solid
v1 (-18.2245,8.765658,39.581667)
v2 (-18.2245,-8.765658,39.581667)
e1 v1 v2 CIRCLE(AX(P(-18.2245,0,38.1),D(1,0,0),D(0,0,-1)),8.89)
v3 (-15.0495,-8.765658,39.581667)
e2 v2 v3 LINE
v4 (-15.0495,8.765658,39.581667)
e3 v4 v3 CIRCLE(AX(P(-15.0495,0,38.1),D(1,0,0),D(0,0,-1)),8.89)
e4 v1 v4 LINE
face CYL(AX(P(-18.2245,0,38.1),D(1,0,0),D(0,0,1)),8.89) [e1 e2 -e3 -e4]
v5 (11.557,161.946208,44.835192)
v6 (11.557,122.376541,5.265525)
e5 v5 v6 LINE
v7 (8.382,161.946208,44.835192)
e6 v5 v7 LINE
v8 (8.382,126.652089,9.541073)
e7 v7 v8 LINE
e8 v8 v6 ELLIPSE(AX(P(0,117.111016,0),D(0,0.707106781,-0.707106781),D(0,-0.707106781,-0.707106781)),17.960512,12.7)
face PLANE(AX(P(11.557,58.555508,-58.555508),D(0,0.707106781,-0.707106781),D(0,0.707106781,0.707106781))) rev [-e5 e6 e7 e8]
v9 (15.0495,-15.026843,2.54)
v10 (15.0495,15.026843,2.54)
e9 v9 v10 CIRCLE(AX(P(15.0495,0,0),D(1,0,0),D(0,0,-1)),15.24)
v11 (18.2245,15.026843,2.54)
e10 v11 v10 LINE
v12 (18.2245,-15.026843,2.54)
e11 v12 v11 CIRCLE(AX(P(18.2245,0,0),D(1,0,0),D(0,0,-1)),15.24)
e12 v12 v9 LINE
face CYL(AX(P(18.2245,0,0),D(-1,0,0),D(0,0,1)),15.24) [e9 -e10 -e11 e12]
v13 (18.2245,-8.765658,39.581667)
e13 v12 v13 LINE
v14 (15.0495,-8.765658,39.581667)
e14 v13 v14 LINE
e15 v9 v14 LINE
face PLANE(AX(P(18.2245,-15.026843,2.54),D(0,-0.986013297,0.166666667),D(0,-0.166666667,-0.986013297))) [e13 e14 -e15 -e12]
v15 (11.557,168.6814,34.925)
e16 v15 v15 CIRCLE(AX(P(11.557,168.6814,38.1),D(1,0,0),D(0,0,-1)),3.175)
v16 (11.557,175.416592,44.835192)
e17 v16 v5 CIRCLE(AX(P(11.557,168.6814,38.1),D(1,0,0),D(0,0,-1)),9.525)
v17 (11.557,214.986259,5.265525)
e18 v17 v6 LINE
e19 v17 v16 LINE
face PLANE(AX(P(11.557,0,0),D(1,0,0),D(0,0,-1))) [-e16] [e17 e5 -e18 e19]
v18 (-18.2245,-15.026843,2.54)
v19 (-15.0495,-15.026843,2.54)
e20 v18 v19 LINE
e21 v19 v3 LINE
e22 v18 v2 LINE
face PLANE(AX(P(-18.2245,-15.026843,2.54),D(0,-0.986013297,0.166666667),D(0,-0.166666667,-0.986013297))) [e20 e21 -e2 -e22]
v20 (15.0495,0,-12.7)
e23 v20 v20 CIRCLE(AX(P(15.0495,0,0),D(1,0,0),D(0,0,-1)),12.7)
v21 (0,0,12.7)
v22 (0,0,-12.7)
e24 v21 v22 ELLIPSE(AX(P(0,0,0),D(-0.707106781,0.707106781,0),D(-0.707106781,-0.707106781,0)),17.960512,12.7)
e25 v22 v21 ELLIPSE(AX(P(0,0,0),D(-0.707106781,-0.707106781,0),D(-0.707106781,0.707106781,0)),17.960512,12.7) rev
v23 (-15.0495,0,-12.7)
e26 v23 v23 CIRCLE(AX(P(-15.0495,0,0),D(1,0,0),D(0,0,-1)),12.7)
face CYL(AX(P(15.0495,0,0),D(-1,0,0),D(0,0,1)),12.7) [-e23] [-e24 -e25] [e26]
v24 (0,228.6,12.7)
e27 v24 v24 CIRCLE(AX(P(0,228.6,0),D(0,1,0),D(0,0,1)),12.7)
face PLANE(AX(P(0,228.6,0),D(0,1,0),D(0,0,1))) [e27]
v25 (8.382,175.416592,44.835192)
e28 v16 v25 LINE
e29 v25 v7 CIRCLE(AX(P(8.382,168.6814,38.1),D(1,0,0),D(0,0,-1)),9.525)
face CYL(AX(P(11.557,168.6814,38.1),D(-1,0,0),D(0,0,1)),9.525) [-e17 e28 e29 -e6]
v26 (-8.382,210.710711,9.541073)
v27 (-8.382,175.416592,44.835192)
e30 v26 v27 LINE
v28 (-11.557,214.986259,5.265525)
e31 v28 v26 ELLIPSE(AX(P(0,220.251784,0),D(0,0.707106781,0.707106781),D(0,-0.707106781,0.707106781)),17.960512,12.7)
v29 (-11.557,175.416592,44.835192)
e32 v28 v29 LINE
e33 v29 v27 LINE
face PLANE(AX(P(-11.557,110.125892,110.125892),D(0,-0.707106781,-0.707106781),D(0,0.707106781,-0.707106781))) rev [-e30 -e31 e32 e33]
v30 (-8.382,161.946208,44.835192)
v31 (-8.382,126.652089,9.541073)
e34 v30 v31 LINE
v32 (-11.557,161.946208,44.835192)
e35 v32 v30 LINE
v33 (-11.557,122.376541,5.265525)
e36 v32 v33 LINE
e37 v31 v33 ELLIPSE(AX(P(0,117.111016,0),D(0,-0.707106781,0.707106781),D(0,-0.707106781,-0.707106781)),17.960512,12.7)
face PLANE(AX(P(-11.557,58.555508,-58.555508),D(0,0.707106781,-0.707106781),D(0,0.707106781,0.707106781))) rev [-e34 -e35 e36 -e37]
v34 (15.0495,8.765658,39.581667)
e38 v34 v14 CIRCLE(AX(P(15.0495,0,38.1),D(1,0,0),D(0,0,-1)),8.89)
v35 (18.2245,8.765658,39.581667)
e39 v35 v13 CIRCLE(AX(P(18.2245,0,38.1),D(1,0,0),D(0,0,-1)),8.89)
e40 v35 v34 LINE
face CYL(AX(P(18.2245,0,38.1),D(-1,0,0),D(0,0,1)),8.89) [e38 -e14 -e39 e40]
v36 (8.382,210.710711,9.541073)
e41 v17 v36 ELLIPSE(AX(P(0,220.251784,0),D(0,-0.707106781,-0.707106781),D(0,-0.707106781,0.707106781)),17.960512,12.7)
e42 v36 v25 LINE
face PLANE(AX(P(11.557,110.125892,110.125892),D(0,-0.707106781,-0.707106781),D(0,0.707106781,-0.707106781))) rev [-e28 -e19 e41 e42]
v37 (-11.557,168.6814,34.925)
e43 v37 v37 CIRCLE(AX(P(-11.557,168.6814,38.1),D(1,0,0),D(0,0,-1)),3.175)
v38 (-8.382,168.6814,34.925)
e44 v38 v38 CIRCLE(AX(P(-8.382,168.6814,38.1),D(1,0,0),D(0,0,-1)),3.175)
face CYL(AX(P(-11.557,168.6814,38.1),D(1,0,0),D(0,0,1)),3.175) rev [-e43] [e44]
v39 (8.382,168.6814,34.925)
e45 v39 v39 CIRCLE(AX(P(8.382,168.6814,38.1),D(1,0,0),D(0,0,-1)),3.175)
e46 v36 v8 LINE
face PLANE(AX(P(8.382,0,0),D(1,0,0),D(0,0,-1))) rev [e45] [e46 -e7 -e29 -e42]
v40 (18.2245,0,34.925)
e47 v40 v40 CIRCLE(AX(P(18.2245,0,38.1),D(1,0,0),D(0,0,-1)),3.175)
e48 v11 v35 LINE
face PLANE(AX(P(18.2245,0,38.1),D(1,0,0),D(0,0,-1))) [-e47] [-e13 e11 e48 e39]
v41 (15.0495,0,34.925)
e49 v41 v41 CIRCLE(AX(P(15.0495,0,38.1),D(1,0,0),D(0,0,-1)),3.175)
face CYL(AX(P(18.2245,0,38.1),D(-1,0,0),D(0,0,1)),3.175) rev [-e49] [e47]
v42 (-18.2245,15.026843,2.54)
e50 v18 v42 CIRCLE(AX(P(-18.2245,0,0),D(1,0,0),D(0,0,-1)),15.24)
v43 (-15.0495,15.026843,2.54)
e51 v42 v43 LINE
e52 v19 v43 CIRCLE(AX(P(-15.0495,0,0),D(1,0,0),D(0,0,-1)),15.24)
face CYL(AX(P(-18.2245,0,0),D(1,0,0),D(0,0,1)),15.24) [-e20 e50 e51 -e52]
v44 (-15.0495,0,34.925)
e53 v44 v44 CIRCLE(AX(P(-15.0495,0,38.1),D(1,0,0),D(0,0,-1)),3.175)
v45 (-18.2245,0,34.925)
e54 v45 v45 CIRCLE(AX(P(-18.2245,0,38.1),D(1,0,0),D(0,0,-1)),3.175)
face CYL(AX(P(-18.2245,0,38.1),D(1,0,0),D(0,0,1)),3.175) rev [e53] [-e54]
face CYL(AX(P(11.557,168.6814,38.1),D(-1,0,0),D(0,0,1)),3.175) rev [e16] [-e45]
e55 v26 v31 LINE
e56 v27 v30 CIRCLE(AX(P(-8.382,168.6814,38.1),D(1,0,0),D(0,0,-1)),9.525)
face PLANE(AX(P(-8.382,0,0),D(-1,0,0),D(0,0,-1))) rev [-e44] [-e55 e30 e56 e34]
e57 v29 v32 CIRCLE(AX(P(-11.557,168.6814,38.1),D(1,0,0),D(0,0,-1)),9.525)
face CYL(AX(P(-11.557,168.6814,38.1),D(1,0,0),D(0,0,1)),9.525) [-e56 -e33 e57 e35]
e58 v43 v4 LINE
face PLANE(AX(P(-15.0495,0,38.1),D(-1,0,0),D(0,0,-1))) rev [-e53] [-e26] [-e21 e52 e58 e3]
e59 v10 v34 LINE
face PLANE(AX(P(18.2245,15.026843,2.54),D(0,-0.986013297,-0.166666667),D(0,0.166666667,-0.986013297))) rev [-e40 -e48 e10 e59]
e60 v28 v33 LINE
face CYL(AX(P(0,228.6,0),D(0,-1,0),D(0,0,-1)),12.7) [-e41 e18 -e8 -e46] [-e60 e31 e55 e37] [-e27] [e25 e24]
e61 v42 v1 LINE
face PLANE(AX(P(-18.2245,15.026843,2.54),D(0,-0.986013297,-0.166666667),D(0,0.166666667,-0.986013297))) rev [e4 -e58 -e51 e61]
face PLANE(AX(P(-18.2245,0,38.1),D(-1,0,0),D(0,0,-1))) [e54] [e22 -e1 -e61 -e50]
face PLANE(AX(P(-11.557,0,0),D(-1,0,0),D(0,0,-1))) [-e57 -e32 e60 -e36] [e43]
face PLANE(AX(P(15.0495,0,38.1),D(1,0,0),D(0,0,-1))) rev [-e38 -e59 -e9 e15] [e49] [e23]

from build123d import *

# Parameters (mm, degrees)
SKETCH1_R           = 12.7
BOSS_EXTRUDE1_DEPTH = 15.0495
BOSS_EXTRUDE2_START = 18.2245
SKETCH1_6_R         = 12.7
SKETCH1_6_R_2       = 3.175
BOSS_EXTRUDE2_DEPTH = 3.175
BOSS_EXTRUDE3_START = 8.382
SKETCH1_8_R         = 3.175
BOSS_EXTRUDE3_DEPTH = 3.175
SKETCH2_R           = 12.7
BOSS_EXTRUDE4_DEPTH = 228.6


with BuildPart() as part:
    # Sketch1 → Boss-Extrude1 (new, symmetric)
    with BuildSketch(Plane.YZ):
        with Locations(Location((0, 0, 0), (0, 0, 90))):
            Circle(SKETCH1_R)
    extrude(amount=BOSS_EXTRUDE1_DEPTH, both=True)

    # Sketch1<6> → Boss-Extrude2 (add)
    # profile 1 of 2: a face of its own
    with BuildSketch(Plane.YZ.offset(BOSS_EXTRUDE2_START)):
        with BuildLine():
            Line((8.765658212, 39.581666667), (15.026842649, 2.54))
            ThreePointArc((15.026842649, 2.54), (0, -15.24), (-15.026842649, 2.54))
            Line((-15.026842649, 2.54), (-8.765658212, 39.581666667))
            ThreePointArc((-8.765658212, 39.581666667), (0, 46.99), (8.765658212, 39.581666667))
        make_face()
        with Locations(Location((0, 0, 0), (0, 0, 90))):
            Circle(SKETCH1_6_R, mode=Mode.SUBTRACT)
        with Locations(Location((0, 38.1, 0), (0, 0, 270))):
            Circle(SKETCH1_6_R_2, mode=Mode.SUBTRACT)
    # profile 2 of 2: a face of its own
    with BuildSketch(Plane.YZ.offset(BOSS_EXTRUDE2_START)):
        with Locations(Location((0, 0, 0), (0, 0, 90))):
            Circle(SKETCH1_6_R)
    extrude(amount=-BOSS_EXTRUDE2_DEPTH)



with BuildPart() as body_2:
    # Sketch1<8> → Boss-Extrude3 (new body)
    with BuildSketch(Plane.YZ.offset(BOSS_EXTRUDE3_START)):
        with BuildLine():
            Line((161.946207909, 44.835192091), (117.111015818, 0))
            Line((117.111015818, 0), (220.251784182, 0))
            Line((220.251784182, 0), (175.416592091, 44.835192091))
            ThreePointArc((175.416592091, 44.835192091), (168.6814, 47.625), (161.946207909, 44.835192091))
        make_face()
        with Locations(Location((168.6814, 38.1, 0), (0, 0, 270))):
            Circle(SKETCH1_8_R, mode=Mode.SUBTRACT)
    extrude(amount=BOSS_EXTRUDE3_DEPTH)


with BuildPart() as part_1:
    add(part.part)

    add(body_2.part)  # Boss-Extrude4 merges body 2
    # Sketch2 → Boss-Extrude4 (add)
    with BuildSketch(Plane(origin=(0, 0, 0), x_dir=(-1, 0, 0), z_dir=(0, 1, 0))):
        with Locations(Location((0, 0, 0), (0, 0, 90))):
            Circle(SKETCH2_R)
    extrude(amount=BOSS_EXTRUDE4_DEPTH)

    # Mirror1: part across plane


with BuildPart() as part_2:
    add(part_1.part)
    add(part_1.part.mirror(Plane(origin=(0, 0, 0), x_dir=(0, 0, 1), z_dir=(1, 0, 0))))


solid = part_2.part
